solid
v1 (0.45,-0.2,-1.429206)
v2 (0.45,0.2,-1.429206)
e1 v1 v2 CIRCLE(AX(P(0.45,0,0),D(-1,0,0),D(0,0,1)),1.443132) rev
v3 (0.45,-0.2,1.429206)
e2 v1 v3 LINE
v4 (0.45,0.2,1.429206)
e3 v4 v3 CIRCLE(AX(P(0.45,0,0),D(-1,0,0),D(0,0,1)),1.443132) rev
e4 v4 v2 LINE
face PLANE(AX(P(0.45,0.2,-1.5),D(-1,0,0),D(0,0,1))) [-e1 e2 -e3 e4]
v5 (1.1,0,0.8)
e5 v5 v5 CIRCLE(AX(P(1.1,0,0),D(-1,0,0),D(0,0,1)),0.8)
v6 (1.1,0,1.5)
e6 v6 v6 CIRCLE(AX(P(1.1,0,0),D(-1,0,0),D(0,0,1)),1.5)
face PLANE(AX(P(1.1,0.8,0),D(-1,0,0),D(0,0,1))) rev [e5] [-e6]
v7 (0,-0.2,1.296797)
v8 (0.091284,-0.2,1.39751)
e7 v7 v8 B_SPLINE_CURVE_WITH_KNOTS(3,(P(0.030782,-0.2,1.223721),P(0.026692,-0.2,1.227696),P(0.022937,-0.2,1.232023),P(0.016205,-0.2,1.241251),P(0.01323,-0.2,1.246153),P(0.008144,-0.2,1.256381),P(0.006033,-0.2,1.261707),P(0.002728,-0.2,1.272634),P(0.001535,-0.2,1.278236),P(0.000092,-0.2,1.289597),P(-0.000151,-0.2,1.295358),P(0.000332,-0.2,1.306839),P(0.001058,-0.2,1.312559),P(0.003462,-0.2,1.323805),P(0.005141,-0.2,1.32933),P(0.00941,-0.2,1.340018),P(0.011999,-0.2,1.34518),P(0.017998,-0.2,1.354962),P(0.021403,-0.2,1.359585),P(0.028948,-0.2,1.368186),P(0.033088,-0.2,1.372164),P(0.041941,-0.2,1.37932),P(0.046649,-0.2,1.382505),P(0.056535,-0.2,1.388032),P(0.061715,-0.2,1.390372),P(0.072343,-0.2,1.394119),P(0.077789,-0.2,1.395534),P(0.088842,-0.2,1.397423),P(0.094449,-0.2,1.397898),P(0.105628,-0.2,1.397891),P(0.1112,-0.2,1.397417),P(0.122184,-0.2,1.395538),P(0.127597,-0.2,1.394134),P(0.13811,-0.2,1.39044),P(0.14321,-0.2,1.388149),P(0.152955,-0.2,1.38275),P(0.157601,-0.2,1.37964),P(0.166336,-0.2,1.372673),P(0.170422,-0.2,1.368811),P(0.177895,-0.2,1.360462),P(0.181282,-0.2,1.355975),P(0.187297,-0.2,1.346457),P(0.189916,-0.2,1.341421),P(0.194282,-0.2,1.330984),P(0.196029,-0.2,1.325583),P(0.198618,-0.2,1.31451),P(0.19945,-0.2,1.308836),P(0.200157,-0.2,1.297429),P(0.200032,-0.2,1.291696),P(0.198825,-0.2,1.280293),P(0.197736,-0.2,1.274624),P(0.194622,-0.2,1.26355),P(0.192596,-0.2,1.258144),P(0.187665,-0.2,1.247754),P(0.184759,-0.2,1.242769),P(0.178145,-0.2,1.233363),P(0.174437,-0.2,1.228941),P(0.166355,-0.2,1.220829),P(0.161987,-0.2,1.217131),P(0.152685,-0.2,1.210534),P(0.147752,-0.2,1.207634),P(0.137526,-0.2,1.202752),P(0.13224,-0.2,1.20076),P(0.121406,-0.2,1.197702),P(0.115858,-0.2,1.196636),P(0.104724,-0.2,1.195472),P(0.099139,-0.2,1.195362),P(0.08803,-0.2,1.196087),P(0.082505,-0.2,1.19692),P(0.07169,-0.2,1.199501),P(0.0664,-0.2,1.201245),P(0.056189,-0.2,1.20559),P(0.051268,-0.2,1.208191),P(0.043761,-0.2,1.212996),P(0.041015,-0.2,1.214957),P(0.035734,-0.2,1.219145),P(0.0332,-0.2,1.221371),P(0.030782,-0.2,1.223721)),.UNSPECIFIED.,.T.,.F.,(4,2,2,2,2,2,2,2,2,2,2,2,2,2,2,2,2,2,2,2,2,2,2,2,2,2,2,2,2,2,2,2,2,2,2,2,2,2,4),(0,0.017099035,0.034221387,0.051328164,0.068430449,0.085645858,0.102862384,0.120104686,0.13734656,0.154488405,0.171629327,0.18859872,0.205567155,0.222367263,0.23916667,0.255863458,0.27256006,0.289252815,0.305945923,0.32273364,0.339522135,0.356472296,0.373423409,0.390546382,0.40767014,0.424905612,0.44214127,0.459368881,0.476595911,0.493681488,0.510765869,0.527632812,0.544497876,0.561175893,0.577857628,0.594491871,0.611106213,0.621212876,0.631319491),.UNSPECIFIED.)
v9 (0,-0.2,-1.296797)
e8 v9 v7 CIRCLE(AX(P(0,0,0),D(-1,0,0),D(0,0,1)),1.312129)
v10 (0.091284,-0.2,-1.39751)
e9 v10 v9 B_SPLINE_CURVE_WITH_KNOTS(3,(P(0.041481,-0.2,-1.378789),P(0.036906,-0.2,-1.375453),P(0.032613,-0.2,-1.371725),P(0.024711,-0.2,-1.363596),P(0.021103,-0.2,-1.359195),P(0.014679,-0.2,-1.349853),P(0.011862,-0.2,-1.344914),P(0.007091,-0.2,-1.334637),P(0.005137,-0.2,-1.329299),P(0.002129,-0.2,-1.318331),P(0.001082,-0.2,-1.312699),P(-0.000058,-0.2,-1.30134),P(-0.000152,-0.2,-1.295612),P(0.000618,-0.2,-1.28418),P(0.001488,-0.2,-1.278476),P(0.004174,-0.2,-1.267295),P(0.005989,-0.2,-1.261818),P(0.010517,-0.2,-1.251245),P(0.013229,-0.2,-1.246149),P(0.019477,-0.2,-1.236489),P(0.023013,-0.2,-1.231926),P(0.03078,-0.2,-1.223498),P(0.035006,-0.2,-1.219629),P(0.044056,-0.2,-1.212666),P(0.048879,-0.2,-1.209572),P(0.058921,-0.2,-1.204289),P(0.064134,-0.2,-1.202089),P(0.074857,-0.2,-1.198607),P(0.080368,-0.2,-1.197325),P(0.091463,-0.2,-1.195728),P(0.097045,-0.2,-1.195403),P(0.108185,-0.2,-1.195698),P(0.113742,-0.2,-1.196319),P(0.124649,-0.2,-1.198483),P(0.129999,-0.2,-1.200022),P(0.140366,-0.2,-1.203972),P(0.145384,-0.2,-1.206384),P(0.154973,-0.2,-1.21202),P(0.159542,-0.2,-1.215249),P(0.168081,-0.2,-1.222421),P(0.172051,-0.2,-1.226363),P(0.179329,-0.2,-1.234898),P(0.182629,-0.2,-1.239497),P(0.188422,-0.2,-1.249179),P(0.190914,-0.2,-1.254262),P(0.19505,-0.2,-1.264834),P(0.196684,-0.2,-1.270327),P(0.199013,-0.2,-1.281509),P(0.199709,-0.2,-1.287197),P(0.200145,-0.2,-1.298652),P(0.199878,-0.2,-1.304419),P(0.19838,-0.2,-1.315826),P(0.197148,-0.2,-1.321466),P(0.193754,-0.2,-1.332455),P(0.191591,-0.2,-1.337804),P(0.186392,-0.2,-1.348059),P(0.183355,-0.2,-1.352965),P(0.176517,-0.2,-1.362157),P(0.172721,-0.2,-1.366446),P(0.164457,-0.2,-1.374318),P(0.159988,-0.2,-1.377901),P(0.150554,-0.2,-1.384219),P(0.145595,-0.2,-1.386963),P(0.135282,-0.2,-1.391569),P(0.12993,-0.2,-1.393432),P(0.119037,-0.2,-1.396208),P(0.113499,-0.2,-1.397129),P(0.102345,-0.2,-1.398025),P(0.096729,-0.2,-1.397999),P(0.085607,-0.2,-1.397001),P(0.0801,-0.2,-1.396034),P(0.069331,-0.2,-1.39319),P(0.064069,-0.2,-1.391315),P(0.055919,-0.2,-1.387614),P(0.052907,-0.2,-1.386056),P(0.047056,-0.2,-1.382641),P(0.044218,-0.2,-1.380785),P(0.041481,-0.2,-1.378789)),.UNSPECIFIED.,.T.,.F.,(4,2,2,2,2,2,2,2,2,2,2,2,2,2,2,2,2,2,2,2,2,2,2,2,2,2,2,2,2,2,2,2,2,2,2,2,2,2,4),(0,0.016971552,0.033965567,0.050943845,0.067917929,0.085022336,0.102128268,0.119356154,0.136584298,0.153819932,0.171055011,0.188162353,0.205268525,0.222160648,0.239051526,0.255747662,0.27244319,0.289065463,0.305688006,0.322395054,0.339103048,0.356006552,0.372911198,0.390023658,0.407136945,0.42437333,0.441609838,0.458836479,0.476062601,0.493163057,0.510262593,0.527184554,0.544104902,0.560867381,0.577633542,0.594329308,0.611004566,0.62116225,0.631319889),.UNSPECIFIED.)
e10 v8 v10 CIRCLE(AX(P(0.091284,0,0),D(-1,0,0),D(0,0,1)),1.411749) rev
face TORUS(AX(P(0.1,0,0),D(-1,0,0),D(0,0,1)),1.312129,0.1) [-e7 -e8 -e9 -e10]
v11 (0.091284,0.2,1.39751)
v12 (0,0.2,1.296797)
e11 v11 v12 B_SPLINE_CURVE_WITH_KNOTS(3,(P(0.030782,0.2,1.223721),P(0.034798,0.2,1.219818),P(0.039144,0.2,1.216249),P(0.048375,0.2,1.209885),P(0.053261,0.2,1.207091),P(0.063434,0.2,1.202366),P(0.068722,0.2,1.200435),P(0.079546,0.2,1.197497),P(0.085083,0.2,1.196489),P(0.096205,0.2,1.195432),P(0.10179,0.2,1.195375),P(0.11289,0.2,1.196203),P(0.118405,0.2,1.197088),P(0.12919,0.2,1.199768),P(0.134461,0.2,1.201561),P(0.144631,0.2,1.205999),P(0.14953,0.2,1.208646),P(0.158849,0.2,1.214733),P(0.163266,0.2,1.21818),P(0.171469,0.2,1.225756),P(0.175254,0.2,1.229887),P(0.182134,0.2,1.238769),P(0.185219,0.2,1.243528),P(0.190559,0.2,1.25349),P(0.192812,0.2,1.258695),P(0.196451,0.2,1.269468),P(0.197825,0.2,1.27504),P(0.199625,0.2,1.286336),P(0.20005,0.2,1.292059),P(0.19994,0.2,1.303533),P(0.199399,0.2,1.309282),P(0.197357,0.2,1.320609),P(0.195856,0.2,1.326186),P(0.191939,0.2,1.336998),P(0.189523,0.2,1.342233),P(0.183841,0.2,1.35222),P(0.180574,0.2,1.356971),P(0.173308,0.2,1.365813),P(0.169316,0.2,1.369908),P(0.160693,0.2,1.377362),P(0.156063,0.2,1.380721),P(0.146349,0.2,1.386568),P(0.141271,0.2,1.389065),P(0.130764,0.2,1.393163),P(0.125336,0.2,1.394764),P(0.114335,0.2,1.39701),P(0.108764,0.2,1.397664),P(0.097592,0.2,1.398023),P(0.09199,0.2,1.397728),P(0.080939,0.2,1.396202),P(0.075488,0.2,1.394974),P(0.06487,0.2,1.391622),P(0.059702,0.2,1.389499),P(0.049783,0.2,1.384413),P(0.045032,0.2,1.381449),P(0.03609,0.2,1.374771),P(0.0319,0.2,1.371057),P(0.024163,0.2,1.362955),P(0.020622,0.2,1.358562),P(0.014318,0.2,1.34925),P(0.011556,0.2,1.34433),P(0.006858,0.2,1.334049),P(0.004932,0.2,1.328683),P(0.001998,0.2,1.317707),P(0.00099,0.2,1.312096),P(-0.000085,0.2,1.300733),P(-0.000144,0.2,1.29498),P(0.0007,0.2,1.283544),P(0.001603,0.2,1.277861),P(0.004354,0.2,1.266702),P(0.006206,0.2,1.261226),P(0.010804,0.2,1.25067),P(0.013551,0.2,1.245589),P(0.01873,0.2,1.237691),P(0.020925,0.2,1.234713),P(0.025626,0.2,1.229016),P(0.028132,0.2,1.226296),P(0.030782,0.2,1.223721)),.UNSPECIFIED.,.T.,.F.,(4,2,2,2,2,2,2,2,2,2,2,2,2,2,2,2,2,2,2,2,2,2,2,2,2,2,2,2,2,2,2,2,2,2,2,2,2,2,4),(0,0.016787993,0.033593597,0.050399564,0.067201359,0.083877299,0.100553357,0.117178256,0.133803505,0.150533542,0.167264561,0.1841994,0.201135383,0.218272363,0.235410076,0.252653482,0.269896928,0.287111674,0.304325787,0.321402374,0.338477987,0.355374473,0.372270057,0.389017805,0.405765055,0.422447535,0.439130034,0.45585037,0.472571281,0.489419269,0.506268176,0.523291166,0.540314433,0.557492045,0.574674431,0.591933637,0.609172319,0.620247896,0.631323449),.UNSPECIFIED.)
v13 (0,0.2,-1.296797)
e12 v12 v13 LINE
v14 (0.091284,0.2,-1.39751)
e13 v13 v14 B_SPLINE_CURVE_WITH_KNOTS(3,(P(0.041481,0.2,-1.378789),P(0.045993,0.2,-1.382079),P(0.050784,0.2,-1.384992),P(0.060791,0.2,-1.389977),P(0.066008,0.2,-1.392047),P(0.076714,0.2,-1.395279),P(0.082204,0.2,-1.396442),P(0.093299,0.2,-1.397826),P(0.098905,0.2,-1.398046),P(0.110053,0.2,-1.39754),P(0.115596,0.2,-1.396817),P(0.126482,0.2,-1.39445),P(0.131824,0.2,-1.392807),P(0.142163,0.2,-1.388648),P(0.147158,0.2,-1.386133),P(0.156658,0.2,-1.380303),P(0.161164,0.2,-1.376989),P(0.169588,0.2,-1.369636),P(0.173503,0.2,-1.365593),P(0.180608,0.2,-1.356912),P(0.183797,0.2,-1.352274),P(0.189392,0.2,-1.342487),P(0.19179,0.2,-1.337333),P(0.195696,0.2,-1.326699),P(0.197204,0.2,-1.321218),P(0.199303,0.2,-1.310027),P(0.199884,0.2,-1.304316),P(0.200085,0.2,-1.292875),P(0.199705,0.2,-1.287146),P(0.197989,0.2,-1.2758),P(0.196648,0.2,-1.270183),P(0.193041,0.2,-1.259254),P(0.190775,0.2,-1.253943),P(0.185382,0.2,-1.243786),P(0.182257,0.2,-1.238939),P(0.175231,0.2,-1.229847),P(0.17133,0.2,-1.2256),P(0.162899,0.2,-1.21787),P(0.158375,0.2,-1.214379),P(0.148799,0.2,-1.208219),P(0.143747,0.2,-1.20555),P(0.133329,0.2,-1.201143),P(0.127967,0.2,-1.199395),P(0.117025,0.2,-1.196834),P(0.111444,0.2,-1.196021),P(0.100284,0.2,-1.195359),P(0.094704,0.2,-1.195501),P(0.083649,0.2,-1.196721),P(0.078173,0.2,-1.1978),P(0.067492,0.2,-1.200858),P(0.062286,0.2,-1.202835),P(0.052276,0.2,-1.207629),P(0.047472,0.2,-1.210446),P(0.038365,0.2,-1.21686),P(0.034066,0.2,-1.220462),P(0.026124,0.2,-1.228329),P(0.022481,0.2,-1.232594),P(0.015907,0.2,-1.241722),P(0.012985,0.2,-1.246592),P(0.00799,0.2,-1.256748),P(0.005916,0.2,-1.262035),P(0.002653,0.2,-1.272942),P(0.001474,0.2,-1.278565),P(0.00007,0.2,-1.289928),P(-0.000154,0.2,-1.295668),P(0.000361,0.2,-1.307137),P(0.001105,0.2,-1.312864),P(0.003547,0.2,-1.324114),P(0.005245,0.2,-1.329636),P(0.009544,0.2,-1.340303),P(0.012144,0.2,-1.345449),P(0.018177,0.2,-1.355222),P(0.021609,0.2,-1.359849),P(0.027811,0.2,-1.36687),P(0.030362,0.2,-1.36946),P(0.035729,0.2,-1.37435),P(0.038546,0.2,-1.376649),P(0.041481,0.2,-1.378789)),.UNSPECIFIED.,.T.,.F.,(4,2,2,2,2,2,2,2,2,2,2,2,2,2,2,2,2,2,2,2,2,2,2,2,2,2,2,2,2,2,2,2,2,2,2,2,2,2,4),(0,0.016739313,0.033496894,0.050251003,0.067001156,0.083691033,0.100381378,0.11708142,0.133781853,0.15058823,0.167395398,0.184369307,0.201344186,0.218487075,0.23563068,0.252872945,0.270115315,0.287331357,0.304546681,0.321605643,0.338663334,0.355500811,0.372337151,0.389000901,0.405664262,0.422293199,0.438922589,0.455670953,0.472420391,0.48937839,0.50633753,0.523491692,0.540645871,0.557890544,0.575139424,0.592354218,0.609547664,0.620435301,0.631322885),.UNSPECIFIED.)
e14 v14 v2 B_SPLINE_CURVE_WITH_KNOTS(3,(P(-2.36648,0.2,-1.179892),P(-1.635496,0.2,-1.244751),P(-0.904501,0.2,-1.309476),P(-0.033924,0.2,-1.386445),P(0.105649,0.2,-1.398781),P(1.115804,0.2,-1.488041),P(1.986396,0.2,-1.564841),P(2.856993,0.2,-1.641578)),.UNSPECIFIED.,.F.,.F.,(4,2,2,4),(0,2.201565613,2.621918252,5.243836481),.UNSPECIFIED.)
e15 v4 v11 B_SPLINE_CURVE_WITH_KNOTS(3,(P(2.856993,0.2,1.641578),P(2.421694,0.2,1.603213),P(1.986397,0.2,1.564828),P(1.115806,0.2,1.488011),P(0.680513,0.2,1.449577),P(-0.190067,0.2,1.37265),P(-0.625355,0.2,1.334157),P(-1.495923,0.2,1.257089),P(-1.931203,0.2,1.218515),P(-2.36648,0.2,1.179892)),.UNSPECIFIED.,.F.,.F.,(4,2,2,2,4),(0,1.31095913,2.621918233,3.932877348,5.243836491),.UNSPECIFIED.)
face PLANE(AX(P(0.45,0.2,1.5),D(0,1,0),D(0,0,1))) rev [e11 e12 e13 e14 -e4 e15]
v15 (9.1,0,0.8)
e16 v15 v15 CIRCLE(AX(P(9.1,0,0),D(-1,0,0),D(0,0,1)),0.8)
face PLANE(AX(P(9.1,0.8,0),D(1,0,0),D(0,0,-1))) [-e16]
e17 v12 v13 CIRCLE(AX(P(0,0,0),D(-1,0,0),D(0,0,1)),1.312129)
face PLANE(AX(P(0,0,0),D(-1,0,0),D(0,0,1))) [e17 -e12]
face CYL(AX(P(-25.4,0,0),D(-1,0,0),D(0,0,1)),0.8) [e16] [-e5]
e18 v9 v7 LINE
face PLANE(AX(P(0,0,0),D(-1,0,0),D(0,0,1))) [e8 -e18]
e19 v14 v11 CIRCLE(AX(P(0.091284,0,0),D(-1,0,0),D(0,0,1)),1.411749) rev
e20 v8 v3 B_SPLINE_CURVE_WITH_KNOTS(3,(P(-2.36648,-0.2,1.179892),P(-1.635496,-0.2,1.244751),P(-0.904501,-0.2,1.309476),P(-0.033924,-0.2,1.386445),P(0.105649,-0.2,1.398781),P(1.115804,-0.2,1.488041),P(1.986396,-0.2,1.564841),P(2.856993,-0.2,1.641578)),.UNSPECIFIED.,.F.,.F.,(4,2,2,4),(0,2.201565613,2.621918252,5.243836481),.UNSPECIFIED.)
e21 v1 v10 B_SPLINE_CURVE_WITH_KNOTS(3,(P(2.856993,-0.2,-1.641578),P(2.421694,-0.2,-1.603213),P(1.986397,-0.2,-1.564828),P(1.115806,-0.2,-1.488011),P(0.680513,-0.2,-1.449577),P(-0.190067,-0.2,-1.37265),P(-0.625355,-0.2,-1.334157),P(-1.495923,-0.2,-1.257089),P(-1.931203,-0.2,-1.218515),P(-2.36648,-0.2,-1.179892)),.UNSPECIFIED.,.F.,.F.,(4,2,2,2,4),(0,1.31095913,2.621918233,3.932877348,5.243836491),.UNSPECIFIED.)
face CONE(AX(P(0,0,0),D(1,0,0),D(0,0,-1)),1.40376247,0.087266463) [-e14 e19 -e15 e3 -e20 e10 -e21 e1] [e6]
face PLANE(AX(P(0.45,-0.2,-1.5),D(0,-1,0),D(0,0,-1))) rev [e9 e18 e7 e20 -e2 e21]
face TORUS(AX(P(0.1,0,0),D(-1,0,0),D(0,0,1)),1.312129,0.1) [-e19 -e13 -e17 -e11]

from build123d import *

# Parameters (mm, degrees)
FILLET2_R  = 0.1
SKETCH2_W  = 3
SKETCH2_H  = 0.4
SLOT_DEPTH = 0.45


with BuildPart() as part:
    # BodySke → Base-Revolve (revolve)
    with BuildSketch(Plane.XY):
        Polygon((1.1, 0.8), (1.1, 1.5), (0, 1.40376247), (0, 0), (9.1, 0), (9.1, 0.8), align=None)
    revolve(axis=Axis((-25.4, 0, 0), (1, 0, 0)))

    # Fillet2
    fillet2_edges = [part.edges().sort_by_distance(p)[0] for p in [
        (0, -1.40376247, 0),
    ]]
    fillet(fillet2_edges, radius=FILLET2_R)

    # Sketch2 → Slot (cut)
    with BuildSketch(Plane(origin=(0, 0, 0), x_dir=(0, 0, -1), z_dir=(1, 0, 0))):
        Rectangle(SKETCH2_W, SKETCH2_H)
    extrude(amount=SLOT_DEPTH, mode=Mode.SUBTRACT)


solid = part.part
